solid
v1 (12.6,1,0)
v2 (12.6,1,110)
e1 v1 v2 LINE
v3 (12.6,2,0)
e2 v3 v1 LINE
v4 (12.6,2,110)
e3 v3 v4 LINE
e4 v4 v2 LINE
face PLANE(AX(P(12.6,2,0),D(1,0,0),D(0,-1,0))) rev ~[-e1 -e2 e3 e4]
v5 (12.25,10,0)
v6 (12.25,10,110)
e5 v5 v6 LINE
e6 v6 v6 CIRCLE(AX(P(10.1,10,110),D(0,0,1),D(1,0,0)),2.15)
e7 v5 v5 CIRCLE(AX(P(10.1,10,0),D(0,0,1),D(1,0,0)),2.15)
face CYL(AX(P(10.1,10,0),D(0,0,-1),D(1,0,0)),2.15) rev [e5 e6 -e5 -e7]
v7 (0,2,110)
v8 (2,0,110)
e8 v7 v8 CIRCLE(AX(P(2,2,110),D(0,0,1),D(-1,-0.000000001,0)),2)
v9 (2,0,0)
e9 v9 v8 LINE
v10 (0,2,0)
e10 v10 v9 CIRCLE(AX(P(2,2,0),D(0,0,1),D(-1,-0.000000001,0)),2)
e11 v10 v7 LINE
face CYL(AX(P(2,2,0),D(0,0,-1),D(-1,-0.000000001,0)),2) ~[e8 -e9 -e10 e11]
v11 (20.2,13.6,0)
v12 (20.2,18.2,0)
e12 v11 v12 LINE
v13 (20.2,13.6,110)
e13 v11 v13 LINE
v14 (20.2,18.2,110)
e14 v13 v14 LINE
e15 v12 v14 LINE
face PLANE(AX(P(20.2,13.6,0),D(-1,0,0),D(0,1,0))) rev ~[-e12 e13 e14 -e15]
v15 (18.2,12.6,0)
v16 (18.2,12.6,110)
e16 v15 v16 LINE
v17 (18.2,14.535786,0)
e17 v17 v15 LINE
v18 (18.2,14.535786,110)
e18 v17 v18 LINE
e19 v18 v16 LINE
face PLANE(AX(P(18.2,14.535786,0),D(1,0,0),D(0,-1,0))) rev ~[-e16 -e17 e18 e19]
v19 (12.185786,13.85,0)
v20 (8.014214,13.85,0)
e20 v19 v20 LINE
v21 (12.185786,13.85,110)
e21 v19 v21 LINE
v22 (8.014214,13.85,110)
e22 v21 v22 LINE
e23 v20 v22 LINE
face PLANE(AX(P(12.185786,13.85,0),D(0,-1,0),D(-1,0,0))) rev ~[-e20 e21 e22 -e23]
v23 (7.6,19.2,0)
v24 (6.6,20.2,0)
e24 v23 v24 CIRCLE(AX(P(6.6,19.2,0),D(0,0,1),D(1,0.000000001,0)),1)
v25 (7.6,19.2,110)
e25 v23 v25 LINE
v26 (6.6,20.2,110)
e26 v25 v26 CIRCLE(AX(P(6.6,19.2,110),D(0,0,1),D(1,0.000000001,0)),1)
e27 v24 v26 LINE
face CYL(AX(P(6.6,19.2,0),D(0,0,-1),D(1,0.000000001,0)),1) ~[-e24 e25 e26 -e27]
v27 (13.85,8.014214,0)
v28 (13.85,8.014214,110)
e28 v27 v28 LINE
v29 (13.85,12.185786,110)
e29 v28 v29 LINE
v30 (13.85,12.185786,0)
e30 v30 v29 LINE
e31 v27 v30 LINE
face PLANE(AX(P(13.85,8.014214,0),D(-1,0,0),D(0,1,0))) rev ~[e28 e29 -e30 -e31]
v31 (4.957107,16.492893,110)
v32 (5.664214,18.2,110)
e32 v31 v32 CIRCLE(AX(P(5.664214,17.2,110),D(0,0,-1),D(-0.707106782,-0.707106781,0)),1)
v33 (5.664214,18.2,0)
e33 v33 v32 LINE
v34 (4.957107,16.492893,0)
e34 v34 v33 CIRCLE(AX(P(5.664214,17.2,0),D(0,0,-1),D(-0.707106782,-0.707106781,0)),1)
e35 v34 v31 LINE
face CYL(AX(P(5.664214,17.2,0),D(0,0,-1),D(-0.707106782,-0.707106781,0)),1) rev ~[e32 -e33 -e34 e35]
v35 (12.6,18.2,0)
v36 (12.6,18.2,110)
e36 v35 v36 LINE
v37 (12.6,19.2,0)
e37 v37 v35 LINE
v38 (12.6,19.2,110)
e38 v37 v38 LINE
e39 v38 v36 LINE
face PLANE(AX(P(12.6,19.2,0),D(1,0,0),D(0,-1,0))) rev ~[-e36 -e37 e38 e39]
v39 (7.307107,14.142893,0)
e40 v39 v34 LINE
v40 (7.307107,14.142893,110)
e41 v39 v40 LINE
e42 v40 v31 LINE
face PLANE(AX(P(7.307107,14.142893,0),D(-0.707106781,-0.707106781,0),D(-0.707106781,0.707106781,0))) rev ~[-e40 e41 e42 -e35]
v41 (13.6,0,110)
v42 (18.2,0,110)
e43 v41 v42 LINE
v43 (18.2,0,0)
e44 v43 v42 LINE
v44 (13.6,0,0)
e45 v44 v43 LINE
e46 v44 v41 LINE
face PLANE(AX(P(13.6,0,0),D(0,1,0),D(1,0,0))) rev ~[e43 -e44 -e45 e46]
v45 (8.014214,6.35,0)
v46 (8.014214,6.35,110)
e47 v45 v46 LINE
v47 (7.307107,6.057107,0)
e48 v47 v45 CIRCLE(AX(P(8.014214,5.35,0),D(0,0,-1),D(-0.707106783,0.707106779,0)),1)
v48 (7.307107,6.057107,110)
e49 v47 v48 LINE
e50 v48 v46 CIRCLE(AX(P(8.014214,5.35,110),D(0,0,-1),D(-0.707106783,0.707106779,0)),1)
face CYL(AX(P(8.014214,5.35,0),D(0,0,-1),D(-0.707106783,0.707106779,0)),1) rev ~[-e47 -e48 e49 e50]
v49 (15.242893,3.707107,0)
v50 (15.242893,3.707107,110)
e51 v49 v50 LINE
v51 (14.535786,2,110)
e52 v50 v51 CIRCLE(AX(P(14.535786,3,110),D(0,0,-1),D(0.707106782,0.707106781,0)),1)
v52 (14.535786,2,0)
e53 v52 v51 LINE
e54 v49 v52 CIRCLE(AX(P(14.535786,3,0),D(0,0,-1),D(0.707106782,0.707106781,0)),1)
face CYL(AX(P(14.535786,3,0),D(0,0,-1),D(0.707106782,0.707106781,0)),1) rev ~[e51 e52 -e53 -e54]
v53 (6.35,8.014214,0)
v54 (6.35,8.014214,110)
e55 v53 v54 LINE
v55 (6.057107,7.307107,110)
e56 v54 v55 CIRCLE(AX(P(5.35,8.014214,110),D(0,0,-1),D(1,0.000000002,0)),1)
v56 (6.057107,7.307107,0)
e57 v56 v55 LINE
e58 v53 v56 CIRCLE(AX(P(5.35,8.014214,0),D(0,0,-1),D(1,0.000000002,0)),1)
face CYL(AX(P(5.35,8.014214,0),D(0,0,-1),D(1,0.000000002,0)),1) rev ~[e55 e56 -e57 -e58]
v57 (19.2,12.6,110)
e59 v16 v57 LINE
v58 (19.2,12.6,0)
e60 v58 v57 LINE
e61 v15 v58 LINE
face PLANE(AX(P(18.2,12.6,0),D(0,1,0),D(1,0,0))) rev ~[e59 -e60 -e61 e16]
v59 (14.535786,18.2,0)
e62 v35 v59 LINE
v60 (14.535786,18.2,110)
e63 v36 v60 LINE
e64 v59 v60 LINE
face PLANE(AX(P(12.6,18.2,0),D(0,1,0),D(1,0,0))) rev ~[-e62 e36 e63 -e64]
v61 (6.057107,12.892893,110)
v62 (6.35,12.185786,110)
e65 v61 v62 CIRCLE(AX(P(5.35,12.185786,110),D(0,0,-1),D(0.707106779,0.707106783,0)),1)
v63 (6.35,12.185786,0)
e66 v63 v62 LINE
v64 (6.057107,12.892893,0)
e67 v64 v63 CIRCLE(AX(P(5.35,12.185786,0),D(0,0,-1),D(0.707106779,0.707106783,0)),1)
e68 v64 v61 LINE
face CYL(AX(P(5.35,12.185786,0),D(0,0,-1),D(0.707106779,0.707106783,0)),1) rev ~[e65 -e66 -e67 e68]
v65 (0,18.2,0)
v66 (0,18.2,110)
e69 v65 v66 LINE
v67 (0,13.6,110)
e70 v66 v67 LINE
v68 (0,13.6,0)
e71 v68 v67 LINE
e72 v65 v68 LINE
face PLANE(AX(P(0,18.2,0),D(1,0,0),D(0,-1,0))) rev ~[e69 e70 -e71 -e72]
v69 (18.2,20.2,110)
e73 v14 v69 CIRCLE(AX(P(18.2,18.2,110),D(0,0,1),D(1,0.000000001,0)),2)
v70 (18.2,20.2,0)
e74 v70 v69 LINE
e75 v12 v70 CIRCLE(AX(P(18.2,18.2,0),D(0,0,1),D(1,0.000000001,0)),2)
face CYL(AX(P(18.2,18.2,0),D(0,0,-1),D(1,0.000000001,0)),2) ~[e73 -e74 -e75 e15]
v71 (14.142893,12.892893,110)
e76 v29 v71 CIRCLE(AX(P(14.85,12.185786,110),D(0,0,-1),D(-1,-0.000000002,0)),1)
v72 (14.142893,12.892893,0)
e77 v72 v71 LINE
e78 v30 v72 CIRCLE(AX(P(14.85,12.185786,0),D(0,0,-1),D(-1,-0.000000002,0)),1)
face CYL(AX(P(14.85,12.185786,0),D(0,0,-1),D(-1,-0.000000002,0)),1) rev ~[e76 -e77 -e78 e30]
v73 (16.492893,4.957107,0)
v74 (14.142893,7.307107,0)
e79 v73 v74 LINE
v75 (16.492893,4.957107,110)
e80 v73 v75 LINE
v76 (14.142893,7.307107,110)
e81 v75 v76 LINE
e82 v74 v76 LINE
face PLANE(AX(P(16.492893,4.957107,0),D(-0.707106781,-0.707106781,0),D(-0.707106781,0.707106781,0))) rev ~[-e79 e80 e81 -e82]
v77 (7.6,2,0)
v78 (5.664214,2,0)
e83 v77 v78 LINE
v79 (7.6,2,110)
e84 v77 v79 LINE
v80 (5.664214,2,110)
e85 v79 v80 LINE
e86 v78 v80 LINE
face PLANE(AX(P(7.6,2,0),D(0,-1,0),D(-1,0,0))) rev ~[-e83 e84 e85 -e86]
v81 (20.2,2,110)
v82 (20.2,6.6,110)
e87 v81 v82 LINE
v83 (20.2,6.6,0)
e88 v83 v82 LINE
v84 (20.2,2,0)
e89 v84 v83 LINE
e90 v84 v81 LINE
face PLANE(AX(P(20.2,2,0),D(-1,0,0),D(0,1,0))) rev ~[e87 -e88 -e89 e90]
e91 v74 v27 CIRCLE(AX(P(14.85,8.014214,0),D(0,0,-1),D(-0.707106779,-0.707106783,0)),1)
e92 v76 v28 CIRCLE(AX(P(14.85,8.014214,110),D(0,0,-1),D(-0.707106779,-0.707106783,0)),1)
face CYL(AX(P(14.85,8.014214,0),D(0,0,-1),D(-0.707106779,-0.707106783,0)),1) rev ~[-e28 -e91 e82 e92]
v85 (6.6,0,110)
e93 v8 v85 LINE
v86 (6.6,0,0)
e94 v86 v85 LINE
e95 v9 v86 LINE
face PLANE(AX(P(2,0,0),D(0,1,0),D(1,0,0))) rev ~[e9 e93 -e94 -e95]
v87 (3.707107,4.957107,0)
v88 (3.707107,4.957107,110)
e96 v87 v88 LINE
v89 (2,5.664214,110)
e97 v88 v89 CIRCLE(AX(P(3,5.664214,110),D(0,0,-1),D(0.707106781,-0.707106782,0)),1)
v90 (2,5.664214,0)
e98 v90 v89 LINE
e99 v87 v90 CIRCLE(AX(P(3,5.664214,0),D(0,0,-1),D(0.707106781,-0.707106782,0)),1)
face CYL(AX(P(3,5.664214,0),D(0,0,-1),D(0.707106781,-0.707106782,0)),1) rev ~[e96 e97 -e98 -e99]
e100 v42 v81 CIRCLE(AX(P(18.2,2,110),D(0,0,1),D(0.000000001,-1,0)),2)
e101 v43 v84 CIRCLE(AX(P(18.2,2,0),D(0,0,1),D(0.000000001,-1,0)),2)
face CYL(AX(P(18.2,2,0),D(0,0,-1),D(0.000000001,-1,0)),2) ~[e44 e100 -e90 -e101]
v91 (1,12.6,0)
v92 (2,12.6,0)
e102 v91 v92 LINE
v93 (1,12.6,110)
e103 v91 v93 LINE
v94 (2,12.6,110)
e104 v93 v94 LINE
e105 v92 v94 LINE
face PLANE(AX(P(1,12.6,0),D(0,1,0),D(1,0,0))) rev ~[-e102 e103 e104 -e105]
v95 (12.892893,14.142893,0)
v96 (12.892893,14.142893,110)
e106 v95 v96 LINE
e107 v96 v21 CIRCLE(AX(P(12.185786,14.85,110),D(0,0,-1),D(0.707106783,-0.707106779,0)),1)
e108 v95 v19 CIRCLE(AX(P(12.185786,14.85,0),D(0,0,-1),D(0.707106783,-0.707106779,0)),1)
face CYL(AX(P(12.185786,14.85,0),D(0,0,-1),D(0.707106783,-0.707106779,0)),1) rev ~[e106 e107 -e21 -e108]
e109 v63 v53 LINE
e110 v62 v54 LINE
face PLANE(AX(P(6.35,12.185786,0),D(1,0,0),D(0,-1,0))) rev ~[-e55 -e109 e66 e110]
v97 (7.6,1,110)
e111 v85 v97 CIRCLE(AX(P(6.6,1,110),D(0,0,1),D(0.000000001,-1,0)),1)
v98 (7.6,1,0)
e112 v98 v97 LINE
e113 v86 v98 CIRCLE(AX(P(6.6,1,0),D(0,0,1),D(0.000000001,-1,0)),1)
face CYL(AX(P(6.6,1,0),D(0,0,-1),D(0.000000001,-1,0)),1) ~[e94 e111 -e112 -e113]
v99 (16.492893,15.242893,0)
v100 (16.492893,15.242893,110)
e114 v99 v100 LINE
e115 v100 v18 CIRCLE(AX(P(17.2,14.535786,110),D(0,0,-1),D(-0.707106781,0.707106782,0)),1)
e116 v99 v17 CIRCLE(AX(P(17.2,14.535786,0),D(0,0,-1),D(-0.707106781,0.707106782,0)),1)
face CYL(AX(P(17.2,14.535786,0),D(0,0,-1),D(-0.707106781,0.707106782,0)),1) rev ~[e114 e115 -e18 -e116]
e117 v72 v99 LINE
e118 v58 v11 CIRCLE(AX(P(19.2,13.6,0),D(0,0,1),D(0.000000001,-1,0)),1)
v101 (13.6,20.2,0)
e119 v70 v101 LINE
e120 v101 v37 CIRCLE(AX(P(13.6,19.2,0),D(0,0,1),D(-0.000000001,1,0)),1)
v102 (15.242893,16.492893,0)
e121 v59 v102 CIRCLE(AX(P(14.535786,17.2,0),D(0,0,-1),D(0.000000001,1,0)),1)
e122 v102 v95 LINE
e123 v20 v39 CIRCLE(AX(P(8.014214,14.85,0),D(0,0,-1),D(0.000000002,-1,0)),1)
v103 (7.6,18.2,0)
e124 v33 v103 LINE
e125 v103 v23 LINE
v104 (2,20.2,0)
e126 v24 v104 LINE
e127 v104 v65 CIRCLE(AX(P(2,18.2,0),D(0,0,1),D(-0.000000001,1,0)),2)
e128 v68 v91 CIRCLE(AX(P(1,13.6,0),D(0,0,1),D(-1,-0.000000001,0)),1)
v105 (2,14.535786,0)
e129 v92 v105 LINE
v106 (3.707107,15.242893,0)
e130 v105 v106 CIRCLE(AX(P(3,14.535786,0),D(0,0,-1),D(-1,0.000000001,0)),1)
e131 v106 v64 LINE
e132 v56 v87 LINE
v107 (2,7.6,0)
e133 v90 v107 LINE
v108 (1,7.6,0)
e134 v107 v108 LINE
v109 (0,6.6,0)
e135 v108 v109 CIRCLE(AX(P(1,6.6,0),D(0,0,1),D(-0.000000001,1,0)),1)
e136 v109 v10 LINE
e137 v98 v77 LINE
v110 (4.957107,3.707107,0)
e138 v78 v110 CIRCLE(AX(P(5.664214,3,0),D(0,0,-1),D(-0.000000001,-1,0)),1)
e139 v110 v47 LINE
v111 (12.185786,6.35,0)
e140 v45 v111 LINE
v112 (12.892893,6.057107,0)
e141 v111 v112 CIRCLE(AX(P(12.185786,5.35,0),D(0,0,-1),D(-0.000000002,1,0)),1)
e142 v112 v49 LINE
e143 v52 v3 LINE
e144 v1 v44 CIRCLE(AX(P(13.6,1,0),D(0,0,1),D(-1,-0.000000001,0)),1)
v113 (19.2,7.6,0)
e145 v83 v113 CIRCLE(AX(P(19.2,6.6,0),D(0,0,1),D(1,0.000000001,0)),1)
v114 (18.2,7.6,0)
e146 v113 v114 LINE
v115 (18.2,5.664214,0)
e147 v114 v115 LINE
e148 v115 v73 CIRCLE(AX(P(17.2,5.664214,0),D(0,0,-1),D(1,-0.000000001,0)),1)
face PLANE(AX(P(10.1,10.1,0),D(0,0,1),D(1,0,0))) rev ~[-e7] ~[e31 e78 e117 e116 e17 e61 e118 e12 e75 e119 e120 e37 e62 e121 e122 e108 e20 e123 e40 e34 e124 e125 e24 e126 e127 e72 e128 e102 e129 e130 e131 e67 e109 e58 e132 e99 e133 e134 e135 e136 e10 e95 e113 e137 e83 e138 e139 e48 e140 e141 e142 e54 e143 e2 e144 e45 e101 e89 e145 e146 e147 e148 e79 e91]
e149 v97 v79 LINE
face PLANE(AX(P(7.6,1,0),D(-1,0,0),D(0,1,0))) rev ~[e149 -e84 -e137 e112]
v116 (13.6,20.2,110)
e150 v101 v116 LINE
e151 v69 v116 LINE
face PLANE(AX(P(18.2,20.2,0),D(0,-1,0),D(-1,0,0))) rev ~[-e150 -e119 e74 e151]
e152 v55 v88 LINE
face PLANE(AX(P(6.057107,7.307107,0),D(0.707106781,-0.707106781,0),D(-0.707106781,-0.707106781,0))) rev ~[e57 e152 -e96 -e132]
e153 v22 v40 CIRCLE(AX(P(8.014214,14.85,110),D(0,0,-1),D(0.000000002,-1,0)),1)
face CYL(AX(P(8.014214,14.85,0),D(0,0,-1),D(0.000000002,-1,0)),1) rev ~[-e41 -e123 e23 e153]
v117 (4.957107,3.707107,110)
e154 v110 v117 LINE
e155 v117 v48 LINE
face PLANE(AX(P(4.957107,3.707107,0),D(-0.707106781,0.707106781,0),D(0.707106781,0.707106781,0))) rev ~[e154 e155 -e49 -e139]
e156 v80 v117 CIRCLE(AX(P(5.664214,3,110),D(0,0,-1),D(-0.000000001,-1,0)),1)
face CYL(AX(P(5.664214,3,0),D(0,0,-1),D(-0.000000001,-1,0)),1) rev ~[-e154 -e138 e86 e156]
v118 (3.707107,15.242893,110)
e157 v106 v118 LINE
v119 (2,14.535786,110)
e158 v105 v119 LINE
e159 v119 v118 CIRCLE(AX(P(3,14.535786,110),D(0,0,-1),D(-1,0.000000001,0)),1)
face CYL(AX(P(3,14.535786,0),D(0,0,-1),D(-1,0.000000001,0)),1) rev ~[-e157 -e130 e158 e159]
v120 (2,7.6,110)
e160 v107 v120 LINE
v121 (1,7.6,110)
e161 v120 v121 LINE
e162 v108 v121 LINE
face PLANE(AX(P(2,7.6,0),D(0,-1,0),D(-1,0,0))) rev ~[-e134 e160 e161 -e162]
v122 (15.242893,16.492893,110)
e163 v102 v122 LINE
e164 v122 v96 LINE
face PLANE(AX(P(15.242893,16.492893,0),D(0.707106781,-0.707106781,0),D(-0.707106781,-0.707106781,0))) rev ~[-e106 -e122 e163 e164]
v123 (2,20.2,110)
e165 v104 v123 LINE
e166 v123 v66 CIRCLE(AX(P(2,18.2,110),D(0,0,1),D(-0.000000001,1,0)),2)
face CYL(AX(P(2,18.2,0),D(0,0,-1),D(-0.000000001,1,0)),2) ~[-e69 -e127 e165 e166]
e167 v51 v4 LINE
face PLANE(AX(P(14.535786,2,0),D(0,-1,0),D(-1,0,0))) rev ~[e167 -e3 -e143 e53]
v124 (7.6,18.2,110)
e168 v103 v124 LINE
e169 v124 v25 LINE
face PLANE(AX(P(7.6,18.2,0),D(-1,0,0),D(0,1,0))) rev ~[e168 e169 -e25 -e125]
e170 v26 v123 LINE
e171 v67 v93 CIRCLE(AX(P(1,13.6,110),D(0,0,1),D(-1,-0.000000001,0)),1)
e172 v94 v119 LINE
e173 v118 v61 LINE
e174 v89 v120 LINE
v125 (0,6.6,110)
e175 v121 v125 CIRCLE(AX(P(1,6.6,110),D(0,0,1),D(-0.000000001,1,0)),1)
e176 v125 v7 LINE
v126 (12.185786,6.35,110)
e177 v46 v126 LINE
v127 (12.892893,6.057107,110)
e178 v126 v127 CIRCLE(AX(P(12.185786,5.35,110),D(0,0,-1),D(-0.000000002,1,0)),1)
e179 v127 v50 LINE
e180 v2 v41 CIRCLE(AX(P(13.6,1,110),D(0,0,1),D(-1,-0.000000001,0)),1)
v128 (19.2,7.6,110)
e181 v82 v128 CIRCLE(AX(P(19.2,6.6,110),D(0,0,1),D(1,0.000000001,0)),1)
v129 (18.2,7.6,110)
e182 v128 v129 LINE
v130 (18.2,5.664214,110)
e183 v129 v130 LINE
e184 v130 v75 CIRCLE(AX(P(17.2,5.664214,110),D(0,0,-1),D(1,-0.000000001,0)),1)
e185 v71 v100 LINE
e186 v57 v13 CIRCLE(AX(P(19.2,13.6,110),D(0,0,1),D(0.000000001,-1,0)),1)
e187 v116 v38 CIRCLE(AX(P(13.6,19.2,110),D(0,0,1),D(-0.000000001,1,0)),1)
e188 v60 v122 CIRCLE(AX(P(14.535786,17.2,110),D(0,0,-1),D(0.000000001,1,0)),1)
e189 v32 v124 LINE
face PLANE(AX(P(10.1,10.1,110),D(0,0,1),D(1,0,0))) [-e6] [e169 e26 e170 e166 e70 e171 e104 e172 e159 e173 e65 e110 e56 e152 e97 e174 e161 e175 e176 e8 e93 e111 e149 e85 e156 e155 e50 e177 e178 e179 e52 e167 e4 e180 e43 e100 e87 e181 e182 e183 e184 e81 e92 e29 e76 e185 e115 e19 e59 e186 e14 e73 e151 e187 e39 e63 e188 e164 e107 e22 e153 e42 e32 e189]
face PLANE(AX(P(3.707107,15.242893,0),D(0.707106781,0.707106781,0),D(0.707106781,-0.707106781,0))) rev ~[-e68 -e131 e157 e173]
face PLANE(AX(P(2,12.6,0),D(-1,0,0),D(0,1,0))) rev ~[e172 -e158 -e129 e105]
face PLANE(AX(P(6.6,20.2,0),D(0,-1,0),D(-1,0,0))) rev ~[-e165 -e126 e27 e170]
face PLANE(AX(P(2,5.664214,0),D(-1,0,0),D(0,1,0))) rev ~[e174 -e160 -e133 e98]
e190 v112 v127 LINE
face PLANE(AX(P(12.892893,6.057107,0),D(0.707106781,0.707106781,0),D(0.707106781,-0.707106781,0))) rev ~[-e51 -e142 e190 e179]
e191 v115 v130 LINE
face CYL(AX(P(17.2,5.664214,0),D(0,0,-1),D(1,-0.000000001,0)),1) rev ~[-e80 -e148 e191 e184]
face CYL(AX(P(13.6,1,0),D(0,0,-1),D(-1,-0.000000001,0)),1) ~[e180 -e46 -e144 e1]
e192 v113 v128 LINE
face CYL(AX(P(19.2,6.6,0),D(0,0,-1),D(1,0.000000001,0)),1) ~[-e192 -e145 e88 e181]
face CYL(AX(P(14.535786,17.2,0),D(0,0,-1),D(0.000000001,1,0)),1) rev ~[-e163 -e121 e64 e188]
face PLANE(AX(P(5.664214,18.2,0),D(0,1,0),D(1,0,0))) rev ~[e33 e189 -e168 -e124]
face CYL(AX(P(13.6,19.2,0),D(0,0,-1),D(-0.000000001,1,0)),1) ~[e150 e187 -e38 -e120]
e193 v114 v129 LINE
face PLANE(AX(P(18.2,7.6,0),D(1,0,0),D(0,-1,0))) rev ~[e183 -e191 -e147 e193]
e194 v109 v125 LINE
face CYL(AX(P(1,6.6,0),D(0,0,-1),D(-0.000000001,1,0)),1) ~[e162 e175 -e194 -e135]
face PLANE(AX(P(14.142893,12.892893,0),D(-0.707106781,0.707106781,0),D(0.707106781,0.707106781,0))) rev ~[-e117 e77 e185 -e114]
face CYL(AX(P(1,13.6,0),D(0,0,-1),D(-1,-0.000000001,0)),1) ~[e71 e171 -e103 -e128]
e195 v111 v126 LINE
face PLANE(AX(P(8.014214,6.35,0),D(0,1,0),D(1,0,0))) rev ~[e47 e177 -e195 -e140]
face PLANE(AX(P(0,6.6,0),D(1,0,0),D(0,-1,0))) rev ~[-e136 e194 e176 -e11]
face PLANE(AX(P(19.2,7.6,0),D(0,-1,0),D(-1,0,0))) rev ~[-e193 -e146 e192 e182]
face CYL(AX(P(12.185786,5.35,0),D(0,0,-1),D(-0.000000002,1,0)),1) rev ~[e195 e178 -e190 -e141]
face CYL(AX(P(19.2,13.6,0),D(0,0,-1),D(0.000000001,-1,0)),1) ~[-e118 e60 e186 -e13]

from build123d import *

# Parameters (mm, degrees)
SKETCH1_R           = 2.15
BOSS_EXTRUDE1_DEPTH = 110


with BuildPart() as part:
    # Sketch1 → Boss-Extrude1 (new body)
    with BuildSketch(Plane.XY):
        with BuildLine():
            Line((2, 0), (6.6, 0))
            ThreePointArc((6.6, 0), (7.307106781, 0.292893219), (7.6, 1))
            Line((7.6, 1), (7.6, 2))
            Line((7.6, 2), (5.664213562, 2))
            ThreePointArc((5.664213562, 2), (4.74033403, 2.617316568), (4.957106781, 3.707106781))
            Line((4.957106781, 3.707106781), (7.307106781, 6.057106781))
            ThreePointArc((7.307106781, 6.057106781), (7.63153013, 6.273879533), (8.014213562, 6.35))
            Line((8.014213562, 6.35), (12.185786438, 6.35))
            ThreePointArc((12.185786438, 6.35), (12.56846987, 6.273879533), (12.892893219, 6.057106781))
            Line((12.892893219, 6.057106781), (15.242893219, 3.707106781))
            ThreePointArc((15.242893219, 3.707106781), (15.45966597, 2.617316568), (14.535786438, 2))
            Line((14.535786438, 2), (12.6, 2))
            Line((12.6, 2), (12.6, 1))
            ThreePointArc((12.6, 1), (12.892893219, 0.292893219), (13.6, 0))
            Line((13.6, 0), (18.2, 0))
            ThreePointArc((18.2, 0), (19.614213562, 0.585786438), (20.2, 2))
            Line((20.2, 2), (20.2, 6.6))
            ThreePointArc((20.2, 6.6), (19.907106781, 7.307106781), (19.2, 7.6))
            Line((19.2, 7.6), (18.2, 7.6))
            Line((18.2, 7.6), (18.2, 5.664213562))
            ThreePointArc((18.2, 5.664213562), (17.582683432, 4.74033403), (16.492893219, 4.957106781))
            Line((16.492893219, 4.957106781), (14.142893219, 7.307106781))
            ThreePointArc((14.142893219, 7.307106781), (13.926120467, 7.63153013), (13.85, 8.014213562))
            Line((13.85, 8.014213562), (13.85, 12.185786438))
            ThreePointArc((13.85, 12.185786438), (13.926120467, 12.56846987), (14.142893219, 12.892893219))
            Line((14.142893219, 12.892893219), (16.492893219, 15.242893219))
            ThreePointArc((16.492893219, 15.242893219), (17.582683432, 15.45966597), (18.2, 14.535786438))
            Line((18.2, 14.535786438), (18.2, 12.6))
            Line((18.2, 12.6), (19.2, 12.6))
            ThreePointArc((19.2, 12.6), (19.907106781, 12.892893219), (20.2, 13.6))
            Line((20.2, 13.6), (20.2, 18.2))
            ThreePointArc((20.2, 18.2), (19.614213562, 19.614213562), (18.2, 20.2))
            Line((18.2, 20.2), (13.6, 20.2))
            ThreePointArc((13.6, 20.2), (12.892893219, 19.907106781), (12.6, 19.2))
            Line((12.6, 19.2), (12.6, 18.2))
            Line((12.6, 18.2), (14.535786438, 18.2))
            ThreePointArc((14.535786438, 18.2), (15.45966597, 17.582683432), (15.242893219, 16.492893219))
            Line((15.242893219, 16.492893219), (12.892893219, 14.142893219))
            ThreePointArc((12.892893219, 14.142893219), (12.56846987, 13.926120467), (12.185786438, 13.85))
            Line((12.185786438, 13.85), (8.014213562, 13.85))
            ThreePointArc((8.014213562, 13.85), (7.63153013, 13.926120467), (7.307106781, 14.142893219))
            Line((7.307106781, 14.142893219), (4.957106781, 16.492893219))
            ThreePointArc((4.957106781, 16.492893219), (4.74033403, 17.582683432), (5.664213562, 18.2))
            Line((5.664213562, 18.2), (7.6, 18.2))
            Line((7.6, 18.2), (7.6, 19.2))
            ThreePointArc((7.6, 19.2), (7.307106781, 19.907106781), (6.6, 20.2))
            Line((6.6, 20.2), (2, 20.2))
            ThreePointArc((2, 20.2), (0.585786438, 19.614213562), (0, 18.2))
            Line((0, 18.2), (0, 13.6))
            ThreePointArc((0, 13.6), (0.292893219, 12.892893219), (1, 12.6))
            Line((1, 12.6), (2, 12.6))
            Line((2, 12.6), (2, 14.535786438))
            ThreePointArc((2, 14.535786438), (2.617316568, 15.45966597), (3.707106781, 15.242893219))
            Line((3.707106781, 15.242893219), (6.057106781, 12.892893219))
            ThreePointArc((6.057106781, 12.892893219), (6.273879533, 12.56846987), (6.35, 12.185786438))
            Line((6.35, 12.185786438), (6.35, 8.014213562))
            ThreePointArc((6.35, 8.014213562), (6.273879533, 7.63153013), (6.057106781, 7.307106781))
            Line((6.057106781, 7.307106781), (3.707106781, 4.957106781))
            ThreePointArc((3.707106781, 4.957106781), (2.617316568, 4.74033403), (2, 5.664213562))
            Line((2, 5.664213562), (2, 7.6))
            Line((2, 7.6), (1, 7.6))
            ThreePointArc((1, 7.6), (0.292893219, 7.307106781), (0, 6.6))
            Line((0, 6.6), (0, 2))
            ThreePointArc((0, 2), (0.585786438, 0.585786438), (2, 0))
        make_face()
        with Locations((10.1, 10)):
            Circle(SKETCH1_R, mode=Mode.SUBTRACT)
    extrude(amount=BOSS_EXTRUDE1_DEPTH)


solid = part.part
